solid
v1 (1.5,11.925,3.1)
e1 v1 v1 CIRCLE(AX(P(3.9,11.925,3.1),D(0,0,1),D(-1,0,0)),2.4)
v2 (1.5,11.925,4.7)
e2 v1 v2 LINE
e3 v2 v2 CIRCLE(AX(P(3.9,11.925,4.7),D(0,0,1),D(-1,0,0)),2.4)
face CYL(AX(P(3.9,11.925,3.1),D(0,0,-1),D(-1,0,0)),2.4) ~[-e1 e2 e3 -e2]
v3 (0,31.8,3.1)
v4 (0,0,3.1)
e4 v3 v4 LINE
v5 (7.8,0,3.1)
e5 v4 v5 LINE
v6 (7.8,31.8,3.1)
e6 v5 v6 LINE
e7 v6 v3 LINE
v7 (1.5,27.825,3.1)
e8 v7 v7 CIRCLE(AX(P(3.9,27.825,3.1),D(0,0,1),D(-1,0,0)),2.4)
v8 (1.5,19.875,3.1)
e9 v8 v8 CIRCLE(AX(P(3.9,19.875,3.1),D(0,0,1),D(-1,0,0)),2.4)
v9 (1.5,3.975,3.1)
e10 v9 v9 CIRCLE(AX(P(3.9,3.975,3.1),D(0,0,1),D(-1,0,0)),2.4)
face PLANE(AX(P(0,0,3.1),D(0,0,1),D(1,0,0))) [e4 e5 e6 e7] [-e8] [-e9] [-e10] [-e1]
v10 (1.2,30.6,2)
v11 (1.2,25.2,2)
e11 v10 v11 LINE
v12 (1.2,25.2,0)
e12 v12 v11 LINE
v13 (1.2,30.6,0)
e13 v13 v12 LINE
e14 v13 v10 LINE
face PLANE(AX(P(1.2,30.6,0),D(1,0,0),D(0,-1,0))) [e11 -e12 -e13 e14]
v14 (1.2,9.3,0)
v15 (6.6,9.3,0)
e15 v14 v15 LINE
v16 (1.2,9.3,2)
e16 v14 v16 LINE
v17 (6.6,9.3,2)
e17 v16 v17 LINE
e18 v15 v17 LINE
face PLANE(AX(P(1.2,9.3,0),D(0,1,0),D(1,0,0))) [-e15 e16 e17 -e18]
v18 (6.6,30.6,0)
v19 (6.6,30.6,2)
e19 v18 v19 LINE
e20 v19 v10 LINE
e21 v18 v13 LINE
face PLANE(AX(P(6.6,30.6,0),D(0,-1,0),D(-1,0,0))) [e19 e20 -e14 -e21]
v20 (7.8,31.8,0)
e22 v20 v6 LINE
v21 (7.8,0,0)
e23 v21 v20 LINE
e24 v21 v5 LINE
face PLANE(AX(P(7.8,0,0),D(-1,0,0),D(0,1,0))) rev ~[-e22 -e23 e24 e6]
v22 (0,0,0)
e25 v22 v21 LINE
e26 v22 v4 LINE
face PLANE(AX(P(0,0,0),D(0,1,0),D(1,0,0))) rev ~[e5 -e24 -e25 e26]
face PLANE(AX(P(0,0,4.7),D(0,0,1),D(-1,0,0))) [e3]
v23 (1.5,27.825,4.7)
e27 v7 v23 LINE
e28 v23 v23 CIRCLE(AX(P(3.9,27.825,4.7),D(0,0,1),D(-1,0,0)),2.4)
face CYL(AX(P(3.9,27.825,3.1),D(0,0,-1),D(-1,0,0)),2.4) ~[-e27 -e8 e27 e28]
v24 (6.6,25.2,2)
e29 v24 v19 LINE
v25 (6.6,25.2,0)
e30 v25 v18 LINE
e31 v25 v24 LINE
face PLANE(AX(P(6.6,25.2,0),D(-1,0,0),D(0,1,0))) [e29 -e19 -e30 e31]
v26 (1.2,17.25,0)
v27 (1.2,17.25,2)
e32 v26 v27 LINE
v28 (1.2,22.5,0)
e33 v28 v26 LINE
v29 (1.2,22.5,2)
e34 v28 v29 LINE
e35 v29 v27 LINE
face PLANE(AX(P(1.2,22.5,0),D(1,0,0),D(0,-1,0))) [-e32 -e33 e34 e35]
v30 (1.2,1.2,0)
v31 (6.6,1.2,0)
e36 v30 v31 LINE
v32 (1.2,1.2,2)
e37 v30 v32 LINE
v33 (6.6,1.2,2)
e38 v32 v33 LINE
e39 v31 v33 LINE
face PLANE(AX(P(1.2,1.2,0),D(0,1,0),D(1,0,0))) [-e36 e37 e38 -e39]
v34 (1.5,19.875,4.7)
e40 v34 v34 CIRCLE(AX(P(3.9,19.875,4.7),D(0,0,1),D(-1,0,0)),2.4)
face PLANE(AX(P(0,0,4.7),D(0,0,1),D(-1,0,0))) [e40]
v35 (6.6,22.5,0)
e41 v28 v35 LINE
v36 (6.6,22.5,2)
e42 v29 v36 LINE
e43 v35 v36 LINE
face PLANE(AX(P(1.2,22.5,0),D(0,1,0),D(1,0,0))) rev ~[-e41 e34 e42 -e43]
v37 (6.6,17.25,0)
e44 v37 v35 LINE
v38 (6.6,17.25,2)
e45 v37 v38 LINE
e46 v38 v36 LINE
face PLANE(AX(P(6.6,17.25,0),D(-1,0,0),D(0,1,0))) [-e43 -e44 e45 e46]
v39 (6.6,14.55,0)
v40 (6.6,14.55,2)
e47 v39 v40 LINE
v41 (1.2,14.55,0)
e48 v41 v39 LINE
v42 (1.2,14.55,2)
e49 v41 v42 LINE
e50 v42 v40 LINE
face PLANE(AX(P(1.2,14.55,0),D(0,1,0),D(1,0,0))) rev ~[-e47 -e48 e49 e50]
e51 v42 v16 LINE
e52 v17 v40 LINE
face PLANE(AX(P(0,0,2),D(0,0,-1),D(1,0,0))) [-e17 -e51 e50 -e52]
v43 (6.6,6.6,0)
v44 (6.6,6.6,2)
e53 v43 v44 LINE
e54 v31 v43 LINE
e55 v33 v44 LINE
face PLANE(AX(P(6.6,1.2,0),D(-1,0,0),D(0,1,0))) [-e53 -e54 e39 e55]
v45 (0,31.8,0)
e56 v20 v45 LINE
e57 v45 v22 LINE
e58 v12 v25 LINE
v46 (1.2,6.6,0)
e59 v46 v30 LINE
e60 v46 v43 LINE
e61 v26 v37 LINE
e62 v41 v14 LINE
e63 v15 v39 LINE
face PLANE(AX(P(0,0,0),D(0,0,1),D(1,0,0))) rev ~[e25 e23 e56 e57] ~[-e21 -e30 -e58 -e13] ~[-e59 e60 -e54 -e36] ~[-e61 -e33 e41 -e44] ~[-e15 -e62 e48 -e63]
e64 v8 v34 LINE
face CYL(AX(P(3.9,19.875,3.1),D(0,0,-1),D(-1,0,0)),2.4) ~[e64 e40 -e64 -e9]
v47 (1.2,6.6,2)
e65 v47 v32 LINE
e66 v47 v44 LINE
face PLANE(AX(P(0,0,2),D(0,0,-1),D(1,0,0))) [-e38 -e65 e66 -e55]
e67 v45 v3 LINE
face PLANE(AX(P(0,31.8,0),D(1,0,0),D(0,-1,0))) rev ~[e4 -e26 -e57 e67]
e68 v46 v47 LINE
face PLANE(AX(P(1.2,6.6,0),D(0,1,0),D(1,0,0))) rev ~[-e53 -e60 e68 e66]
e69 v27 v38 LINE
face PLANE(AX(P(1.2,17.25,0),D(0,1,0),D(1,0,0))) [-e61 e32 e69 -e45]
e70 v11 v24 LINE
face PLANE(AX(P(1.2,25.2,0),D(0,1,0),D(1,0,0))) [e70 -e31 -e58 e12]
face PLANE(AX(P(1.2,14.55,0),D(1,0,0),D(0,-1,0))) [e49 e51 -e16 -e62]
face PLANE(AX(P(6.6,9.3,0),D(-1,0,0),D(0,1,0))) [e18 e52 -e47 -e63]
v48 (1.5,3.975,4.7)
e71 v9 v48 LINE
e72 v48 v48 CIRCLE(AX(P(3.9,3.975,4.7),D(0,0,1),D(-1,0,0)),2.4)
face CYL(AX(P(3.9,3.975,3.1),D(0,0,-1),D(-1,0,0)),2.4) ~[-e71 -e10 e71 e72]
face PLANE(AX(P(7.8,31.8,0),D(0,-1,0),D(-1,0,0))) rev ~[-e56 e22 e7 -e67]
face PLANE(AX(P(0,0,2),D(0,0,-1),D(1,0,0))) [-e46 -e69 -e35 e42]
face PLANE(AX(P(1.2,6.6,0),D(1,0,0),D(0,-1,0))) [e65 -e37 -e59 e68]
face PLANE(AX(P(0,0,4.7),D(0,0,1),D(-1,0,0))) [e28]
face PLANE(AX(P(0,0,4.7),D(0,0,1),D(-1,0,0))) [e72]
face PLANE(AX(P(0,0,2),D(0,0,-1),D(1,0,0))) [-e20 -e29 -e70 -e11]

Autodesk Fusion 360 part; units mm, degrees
sketch "Sketch1" plane through (0, 0, 0) normal (0, 0, 1) x (1, 0, 0)
  line L0 (0, 0) -> (7.8, 0)
  line L1 (7.8, 0) -> (7.8, 31.8)
  line L2 (7.8, 31.8) -> (0, 31.8)
  line L3 (0, 31.8) -> (0, 0)
  dimension "d1" = 7.8
  dimension "d2" = 31.8
extrude "Extrude1" add sketch "Sketch1" along normal blind 3.1
sketch "Sketch2" plane through (0, 0, 0) normal (0, 0, -1) x (1, 0, 0)
  line L0 (0, 0) -> (0, -31.8)
  line L1 (0, -31.8) -> (7.8, -31.8)
  line L2 (7.8, -31.8) -> (7.8, 0)
  line L3 (7.8, 0) -> (0, 0)
  line L4 (1.2, -1.2) -> (6.6, -1.2)
  line L5 (6.6, -1.2) -> (6.6, -30.6)
  line L6 (6.6, -30.6) -> (1.2, -30.6)
  line L7 (1.2, -30.6) -> (1.2, -1.2)
  line L8 (-5, -7.95) -> (12, -7.95) construction
  line L9 (-5, -15.9) -> (12, -15.9) construction
  line L10 (-5, -23.85) -> (12, -23.85) construction
  line L11 (1.2, -6.6) -> (6.6, -6.6)
  line L12 (1.2, -9.3) -> (6.6, -9.3)
  line L13 (1.2, -14.55) -> (6.6, -14.55)
  line L14 (1.2, -17.25) -> (6.6, -17.25)
  line L15 (1.2, -22.5) -> (6.6, -22.5)
  line L16 (1.2, -25.2) -> (6.6, -25.2)
  dimension "d5" = 1.2
  dimension "d6" = 1.2
  dimension "d7" = 1.2
  dimension "d8" = 1.2
  dimension "d38" = 7.95
  dimension "d39" = 7.95
  dimension "d40" = 7.95
  dimension "d41" = 1.35
  dimension "d42" = 2.7
  dimension "d43" = 1.35
  dimension "d44" = 2.7
  dimension "d45" = 1.35
  dimension "d46" = 2.7
sketch "Sketch3" plane through (0, 0, 3.1) normal (0, 0, 1) x (-1, 0, 0)
  line L0 (0, -31.8) -> (0, 0)
  line L1 (0, 0) -> (-7.8, 0)
  line L2 (-7.8, 0) -> (-7.8, -31.8)
  line L3 (-7.8, -31.8) -> (0, -31.8)
  circle A0 centre (-3.9, -27.825) radius 2.4
  circle A1 centre (-3.9, -19.875) radius 2.4
  circle A2 centre (-3.9, -11.925) radius 2.4
  circle A3 centre (-3.9, -3.975) radius 2.4
  dimension "d11" = 4.8
  dimension "d12" = 4.8
  dimension "d13" = 4.8
  dimension "d14" = 4.8
  dimension "d15" = 3.9
  dimension "d16" = 7.95
  dimension "d17" = 7.95
  dimension "d18" = 7.95
  dimension "d19" = 3.975
  dimension "d37" = 3.9
extrude "Extrude3" add sketch "Sketch3" along normal blind 1.6 contours A0 | A1 | A2 | A3
extrude "Extrude6" cut sketch "Sketch2" against normal blind 2 contours L4 L5 L7 L11 | L5 L7 L12 L13 | L5 L7 L14 L15 | L5 L6 L7 L16
